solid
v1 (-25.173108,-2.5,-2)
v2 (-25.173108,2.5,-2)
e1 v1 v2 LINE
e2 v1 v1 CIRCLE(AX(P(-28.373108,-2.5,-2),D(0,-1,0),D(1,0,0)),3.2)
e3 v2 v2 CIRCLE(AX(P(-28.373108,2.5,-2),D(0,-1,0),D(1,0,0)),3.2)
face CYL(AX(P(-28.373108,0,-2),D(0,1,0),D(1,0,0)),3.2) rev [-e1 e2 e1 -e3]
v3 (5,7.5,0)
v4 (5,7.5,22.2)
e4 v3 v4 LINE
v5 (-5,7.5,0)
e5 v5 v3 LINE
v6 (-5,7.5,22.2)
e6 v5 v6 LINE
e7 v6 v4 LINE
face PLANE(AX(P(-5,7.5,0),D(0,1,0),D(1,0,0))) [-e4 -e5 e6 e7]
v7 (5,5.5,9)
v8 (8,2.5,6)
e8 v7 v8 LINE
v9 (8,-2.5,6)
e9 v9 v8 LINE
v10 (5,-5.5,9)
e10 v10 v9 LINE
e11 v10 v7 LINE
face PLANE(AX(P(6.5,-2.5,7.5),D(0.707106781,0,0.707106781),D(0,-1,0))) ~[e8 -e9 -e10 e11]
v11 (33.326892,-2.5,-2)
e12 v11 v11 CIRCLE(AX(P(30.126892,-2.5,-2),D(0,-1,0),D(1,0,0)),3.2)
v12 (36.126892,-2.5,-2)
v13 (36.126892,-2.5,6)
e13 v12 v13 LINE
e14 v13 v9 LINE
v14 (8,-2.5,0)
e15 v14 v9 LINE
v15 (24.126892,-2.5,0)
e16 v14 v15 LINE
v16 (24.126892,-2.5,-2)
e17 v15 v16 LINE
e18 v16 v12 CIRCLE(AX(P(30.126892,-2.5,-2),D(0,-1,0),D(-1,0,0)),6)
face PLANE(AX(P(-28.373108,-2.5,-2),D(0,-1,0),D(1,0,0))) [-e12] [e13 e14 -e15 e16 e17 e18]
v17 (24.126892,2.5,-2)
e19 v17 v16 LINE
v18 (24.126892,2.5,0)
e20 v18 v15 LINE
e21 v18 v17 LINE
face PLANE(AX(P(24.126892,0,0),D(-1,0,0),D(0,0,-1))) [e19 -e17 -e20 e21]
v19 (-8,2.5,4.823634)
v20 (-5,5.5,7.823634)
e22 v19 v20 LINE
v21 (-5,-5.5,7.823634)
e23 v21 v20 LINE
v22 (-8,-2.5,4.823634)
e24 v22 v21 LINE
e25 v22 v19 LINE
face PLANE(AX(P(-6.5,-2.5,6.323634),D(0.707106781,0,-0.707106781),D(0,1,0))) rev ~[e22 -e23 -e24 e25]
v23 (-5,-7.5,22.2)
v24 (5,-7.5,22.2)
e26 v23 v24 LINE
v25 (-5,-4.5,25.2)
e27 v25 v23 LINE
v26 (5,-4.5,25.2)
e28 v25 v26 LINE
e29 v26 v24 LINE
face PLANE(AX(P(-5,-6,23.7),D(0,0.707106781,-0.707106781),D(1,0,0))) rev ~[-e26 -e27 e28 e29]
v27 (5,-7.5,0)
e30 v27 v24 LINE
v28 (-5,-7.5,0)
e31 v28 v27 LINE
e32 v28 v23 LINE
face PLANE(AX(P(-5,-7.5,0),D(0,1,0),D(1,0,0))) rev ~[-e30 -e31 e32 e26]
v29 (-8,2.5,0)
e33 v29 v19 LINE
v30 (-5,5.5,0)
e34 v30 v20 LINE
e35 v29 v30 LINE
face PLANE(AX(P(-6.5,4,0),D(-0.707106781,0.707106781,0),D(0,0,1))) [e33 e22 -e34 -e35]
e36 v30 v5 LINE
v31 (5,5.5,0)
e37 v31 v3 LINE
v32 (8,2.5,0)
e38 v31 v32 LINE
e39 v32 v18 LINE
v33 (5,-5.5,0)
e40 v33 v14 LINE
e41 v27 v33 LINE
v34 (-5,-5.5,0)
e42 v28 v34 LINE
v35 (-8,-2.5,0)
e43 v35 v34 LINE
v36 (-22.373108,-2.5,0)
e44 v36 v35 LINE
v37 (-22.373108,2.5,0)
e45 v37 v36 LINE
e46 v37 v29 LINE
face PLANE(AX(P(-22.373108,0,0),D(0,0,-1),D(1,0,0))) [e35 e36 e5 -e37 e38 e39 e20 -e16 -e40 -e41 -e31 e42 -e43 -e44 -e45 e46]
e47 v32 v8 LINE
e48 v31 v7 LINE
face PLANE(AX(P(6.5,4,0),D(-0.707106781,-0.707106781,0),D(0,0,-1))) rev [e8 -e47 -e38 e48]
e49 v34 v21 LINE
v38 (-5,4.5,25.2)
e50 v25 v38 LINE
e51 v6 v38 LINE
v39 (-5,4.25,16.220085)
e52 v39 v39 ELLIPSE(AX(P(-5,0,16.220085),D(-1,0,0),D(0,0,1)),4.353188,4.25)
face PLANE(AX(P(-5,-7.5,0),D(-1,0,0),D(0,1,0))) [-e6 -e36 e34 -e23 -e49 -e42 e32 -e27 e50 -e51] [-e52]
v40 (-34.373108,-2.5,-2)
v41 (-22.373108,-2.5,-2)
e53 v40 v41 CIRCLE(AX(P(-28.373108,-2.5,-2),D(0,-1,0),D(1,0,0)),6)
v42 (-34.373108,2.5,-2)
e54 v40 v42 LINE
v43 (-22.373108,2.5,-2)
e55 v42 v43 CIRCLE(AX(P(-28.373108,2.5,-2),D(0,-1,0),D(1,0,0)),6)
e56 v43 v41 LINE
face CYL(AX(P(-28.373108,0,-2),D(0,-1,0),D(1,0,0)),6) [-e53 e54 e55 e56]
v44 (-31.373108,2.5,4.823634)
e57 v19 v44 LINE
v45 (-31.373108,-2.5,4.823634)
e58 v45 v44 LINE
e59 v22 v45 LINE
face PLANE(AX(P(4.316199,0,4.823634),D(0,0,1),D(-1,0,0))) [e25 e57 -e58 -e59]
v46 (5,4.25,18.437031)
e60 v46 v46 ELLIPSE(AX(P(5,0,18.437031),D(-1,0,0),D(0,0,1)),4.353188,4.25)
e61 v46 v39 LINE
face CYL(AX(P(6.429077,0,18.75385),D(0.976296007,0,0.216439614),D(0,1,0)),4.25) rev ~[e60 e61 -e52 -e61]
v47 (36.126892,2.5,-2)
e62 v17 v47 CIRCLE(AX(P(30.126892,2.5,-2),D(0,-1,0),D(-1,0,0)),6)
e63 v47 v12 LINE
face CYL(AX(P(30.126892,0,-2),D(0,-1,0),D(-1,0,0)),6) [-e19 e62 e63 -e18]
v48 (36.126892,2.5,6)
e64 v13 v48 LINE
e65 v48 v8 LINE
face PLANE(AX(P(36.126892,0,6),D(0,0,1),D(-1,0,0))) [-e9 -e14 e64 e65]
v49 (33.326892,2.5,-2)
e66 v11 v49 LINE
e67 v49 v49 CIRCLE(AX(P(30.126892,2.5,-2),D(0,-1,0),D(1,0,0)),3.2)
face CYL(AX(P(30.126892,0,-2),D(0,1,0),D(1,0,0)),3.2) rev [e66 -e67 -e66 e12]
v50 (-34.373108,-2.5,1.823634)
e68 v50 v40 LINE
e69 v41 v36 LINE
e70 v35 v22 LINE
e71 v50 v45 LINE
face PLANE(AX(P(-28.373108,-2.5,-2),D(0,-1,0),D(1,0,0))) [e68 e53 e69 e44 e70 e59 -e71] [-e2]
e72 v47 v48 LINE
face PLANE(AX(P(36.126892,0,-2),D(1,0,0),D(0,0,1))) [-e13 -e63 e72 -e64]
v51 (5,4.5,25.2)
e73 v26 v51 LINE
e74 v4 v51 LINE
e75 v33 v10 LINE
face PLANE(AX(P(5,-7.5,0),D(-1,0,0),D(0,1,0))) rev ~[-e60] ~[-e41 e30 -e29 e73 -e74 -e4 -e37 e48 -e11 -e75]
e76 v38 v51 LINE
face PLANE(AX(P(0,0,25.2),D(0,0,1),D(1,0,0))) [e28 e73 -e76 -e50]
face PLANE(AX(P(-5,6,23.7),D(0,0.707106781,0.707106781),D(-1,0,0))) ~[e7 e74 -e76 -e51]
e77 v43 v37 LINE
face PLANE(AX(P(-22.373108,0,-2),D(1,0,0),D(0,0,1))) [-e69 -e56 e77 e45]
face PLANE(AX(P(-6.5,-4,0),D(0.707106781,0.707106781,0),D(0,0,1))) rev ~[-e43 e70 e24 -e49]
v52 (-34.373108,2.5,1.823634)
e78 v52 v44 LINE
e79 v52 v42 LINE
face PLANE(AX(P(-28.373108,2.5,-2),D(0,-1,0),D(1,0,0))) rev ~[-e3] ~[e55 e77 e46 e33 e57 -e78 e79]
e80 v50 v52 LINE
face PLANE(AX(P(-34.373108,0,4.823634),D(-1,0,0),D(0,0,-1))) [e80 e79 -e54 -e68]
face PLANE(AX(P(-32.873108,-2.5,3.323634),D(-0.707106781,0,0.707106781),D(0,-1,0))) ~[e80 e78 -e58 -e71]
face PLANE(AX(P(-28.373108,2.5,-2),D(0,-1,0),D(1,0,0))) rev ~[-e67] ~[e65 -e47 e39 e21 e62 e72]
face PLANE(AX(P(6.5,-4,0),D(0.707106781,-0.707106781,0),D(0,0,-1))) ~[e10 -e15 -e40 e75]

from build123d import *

# Parameters (mm, degrees)
F0_W     = 10
F0_H     = 15
F1_DEPTH = 25.2
F4_R     = 4.25
F5_DEPTH = 25
F6_R     = 3.2
F7_DEPTH = 2.5
F8_SIZE  = 3


with BuildPart() as f1:
    # F0 (on Top) → F1 (new body)
    with BuildSketch(Plane.XY):
        Rectangle(F0_W, F0_H)
    extrude(amount=F1_DEPTH)

    # F4 (on line) → F5 (cut)
    with BuildSketch(Plane(origin=(10.0907595655, 0, 2.2370675377), x_dir=(0, 1, 0), z_dir=(0.9762960071, 0, 0.2164396139))):
        with Locations((0, 16.9178019303)):
            Circle(F4_R)
    extrude(amount=-F5_DEPTH, mode=Mode.SUBTRACT)

    # F6 (on Front) → F7 (join, symmetric)
    with BuildSketch(Plane.XZ):
        with BuildLine():
            ThreePointArc((-34.3731079698, -2), (-28.3731079698, -8), (-22.3731079698, -2))
            ThreePointArc((-22.3731079698, -2), (-28.3731079698, 4), (-34.3731079698, -2))
        make_face()
        with Locations((-28.3731079698, -2)):
            Circle(F6_R, mode=Mode.SUBTRACT)
        with BuildLine():
            ThreePointArc((-34.3731079698, -2), (-28.3731079698, 4), (-22.3731079698, -2))
            Line((-22.3731079698, -2), (-22.3731079698, 0))
            Line((-22.3731079698, 0), (24.1268920302, 0))
            Line((24.1268920302, 0), (24.1268920302, -2))
            ThreePointArc((24.1268920302, -2), (30.1268920302, 4), (36.1268920302, -2))
            Line((36.1268920302, -2), (36.1268920302, 3.4847958965))
            Line((36.1268920302, 3.4847958965), (36.1268920302, 6))
            Line((36.1268920302, 6), (4.5456811786, 6))
            Line((4.5456811786, 6), (4.3161994133, 4.8236340731))
            Line((4.3161994133, 4.8236340731), (-34.3731079698, 4.8236340731))
            Line((-34.3731079698, 4.8236340731), (-34.3731079698, 3.4847958965))
            Line((-34.3731079698, 3.4847958965), (-34.3731079698, -2))
        make_face()
        with BuildLine():
            ThreePointArc((36.1268920302, -2), (30.1268920302, 4), (24.1268920302, -2))
            ThreePointArc((24.1268920302, -2), (30.1268920302, -8), (36.1268920302, -2))
        make_face()
        with Locations((30.1268920302, -2)):
            Circle(F6_R, mode=Mode.SUBTRACT)
    extrude(amount=F7_DEPTH, both=True)

    # F8
    f8_edges = [f1.edges().sort_by_distance(p)[0] for p in [
        (-5, 0, 4.823634),
        (5, 0, 6),
        (0, -7.5, 25.2),
        (0, 7.5, 25.2),
        (5, -2.5, 3),
        (5, 2.5, 3),
        (-5, 2.5, 2.411817),
        (-5, -2.5, 2.411817),
        (-34.373108, 0, 4.823634),
    ]]
    chamfer(f8_edges, length=F8_SIZE)


solid = f1.part
